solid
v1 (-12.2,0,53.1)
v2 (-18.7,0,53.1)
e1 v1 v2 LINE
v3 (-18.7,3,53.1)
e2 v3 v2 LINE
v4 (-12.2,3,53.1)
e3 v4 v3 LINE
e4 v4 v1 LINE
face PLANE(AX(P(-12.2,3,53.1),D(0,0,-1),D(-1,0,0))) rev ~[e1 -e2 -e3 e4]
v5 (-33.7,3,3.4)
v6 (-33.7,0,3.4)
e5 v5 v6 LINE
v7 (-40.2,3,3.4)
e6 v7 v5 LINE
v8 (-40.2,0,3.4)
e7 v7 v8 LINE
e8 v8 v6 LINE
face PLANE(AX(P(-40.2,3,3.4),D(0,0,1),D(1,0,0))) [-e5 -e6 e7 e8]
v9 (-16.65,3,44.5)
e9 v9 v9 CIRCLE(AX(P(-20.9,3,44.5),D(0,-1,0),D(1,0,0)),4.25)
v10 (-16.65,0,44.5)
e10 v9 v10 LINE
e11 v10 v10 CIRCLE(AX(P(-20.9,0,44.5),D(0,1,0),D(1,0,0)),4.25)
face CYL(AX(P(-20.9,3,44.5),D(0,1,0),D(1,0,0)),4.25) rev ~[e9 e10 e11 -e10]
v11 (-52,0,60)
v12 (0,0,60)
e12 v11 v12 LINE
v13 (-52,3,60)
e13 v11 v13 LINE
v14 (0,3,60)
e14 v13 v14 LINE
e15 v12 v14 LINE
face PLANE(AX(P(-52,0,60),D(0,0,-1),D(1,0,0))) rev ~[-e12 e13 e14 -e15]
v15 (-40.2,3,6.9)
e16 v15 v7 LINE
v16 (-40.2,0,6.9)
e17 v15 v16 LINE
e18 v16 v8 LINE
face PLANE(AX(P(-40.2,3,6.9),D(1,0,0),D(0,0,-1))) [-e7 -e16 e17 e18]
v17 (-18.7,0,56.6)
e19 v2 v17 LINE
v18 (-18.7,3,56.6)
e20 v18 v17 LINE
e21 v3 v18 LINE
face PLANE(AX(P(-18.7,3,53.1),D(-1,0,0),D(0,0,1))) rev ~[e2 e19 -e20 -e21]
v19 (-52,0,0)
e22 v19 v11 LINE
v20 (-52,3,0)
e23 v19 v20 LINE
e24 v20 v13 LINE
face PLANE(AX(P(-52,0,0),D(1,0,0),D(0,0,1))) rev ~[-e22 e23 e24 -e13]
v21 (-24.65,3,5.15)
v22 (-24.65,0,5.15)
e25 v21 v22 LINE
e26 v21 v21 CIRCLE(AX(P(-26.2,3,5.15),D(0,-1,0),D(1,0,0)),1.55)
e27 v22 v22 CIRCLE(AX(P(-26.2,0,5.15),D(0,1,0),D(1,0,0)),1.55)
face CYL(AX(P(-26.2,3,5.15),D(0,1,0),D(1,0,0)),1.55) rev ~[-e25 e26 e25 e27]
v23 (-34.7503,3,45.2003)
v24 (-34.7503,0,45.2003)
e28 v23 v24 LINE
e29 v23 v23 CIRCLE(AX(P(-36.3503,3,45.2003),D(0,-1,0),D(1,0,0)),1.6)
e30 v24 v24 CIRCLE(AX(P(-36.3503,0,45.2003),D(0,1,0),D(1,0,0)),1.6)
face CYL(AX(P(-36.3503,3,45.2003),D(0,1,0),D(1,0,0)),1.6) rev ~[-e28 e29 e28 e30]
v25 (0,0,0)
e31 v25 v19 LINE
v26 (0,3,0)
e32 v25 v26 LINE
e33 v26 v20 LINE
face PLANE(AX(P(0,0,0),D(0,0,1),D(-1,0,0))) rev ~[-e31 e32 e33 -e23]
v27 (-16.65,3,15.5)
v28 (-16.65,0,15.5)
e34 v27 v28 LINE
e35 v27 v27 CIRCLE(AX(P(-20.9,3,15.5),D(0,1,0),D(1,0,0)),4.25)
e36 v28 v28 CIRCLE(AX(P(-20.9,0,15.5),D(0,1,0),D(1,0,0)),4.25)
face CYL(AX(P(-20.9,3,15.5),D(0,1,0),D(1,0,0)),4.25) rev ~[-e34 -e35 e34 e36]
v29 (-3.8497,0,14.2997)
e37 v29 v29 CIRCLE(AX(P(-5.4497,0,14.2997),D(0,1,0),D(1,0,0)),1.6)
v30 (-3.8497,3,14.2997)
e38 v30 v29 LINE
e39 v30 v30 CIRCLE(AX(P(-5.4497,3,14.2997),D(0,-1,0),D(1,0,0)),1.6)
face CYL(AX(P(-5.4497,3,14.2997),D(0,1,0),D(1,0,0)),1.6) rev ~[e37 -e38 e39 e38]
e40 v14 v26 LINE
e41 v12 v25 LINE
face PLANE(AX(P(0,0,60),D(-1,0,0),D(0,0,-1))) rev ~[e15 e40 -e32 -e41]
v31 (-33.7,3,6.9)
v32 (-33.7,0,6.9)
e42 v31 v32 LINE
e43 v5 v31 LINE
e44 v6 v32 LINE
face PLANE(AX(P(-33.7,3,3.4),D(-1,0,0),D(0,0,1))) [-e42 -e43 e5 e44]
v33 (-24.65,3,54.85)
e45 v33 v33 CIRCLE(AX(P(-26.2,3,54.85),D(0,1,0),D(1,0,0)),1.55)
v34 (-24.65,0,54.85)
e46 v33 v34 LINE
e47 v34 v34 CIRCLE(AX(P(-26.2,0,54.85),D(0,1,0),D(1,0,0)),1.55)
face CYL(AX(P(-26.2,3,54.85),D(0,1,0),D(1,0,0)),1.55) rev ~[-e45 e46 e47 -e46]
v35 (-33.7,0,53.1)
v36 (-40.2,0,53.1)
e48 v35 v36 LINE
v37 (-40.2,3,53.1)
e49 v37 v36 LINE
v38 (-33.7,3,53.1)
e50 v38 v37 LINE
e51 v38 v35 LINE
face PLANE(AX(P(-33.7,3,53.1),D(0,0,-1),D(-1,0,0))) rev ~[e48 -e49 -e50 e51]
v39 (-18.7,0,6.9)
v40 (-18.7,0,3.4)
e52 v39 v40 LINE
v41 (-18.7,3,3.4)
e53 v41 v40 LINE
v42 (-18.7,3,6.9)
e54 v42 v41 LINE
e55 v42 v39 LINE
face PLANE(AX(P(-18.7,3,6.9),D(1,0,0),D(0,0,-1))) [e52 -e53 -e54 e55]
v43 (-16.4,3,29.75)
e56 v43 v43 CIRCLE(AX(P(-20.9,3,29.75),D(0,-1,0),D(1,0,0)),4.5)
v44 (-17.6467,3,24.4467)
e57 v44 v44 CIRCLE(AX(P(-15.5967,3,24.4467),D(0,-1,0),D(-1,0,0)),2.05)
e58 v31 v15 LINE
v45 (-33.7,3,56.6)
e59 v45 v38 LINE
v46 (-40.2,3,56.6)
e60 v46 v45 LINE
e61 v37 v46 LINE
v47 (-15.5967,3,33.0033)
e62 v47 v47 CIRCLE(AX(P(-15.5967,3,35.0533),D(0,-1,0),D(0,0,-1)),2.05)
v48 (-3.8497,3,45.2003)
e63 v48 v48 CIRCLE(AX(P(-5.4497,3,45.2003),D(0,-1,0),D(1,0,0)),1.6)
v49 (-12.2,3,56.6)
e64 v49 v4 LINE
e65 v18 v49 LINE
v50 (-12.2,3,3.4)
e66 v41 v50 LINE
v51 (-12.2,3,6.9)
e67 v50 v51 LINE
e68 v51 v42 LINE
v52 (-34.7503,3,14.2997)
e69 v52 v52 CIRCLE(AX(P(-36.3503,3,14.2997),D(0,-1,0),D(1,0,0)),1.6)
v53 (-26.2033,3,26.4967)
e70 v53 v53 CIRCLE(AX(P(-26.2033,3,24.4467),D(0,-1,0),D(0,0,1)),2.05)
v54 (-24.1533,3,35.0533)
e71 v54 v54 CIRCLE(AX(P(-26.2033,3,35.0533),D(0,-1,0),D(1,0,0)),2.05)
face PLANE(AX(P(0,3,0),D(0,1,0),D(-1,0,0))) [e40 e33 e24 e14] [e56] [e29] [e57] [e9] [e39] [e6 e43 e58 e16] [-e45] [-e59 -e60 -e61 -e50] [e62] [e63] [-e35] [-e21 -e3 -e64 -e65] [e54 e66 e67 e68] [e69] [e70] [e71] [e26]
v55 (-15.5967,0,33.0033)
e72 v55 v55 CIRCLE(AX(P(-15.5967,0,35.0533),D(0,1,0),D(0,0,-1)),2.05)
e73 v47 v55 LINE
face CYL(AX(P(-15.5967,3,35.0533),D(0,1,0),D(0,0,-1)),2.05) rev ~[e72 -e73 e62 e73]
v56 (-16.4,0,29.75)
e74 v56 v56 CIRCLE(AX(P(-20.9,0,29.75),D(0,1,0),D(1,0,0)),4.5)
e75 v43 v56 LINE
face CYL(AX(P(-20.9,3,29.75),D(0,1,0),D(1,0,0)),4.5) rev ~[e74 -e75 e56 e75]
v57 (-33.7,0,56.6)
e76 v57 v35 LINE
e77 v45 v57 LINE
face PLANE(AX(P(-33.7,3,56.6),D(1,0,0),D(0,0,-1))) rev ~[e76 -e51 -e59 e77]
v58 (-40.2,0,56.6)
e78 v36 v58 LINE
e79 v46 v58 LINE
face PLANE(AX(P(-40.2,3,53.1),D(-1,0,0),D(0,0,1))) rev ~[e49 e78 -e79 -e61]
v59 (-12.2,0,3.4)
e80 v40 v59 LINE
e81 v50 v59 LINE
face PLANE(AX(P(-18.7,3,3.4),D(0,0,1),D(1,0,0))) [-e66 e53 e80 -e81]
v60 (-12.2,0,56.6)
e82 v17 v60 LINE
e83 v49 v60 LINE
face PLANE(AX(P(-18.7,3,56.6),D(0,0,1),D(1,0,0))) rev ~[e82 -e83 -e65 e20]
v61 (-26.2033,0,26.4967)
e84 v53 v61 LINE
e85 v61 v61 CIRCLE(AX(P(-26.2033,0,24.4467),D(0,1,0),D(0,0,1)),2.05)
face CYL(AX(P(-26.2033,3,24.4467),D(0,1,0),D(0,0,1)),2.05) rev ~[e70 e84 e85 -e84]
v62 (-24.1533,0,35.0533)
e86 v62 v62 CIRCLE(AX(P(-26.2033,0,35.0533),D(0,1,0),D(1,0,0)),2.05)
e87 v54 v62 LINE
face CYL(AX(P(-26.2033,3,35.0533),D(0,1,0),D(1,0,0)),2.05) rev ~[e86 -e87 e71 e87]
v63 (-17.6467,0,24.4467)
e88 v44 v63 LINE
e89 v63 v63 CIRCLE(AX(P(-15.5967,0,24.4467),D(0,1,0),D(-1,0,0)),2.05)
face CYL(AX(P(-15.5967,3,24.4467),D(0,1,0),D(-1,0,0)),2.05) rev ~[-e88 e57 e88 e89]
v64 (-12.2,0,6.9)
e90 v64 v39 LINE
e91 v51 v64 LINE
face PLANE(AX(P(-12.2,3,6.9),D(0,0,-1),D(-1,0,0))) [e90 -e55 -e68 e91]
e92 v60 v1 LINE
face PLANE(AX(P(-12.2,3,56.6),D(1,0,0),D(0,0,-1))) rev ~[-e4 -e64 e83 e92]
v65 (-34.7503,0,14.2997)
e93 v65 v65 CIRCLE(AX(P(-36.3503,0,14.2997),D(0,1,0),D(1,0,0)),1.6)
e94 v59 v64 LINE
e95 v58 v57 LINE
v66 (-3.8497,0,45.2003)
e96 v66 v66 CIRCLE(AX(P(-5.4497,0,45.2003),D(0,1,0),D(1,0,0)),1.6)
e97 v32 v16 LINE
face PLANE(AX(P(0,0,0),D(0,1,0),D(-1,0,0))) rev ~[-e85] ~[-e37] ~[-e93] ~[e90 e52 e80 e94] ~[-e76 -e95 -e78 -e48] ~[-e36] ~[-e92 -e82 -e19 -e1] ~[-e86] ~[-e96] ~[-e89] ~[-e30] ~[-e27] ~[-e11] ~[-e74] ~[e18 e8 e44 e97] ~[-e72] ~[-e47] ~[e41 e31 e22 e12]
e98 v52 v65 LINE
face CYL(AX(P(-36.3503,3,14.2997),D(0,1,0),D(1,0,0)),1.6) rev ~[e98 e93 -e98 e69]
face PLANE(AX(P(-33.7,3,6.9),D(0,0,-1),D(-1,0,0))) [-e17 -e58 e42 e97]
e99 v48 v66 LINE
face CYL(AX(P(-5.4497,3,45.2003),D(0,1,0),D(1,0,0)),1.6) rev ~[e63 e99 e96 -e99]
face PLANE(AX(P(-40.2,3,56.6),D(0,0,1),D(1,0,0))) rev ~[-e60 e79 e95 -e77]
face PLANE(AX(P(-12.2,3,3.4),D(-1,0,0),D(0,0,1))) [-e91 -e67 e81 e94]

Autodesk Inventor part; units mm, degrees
ref_plane "YZ Plane" through (0, 0, 0) normal (1, 0, 0) x (0, 1, 0)
ref_plane "XZ Plane" through (0, 0, 0) normal (0, 1, 0) x (-1, 0, 0)
ref_plane "XY Plane" through (0, 0, 0) normal (0, 0, 1) x (1, 0, 0)
sketch "Sketch1" plane through (0, 0, 0) normal (0, 1, 0) x (-1, 0, 0)
  line L0 (0, 0) -> (52, 0)
  line L1 (52, 0) -> (52, 60)
  line L2 (52, 60) -> (0, 60)
  line L3 (0, 60) -> (0, 0)
  dimension "d0" = 52
  dimension "d1" = 60
extrude "Extrusion1" add sketch "Sketch1" along normal blind 3
sketch "Sketch2" plane through (0, 3, 0) normal (0, 1, 0) x (1, 0, 0)
  line L0 (-52, 0) -> (-52, -60) projected
  line L1 (-52, 0) -> (-40.2, 0)
  line L2 (-40.2, 0) -> (-40.2, -3.4)
  line L3 (-40.2, -3.4) -> (-52, -3.4)
  line L4 (-52, -3.4) -> (-52, 0)
  line L5 (-40.2, -3.4) -> (-33.7, -3.4)
  line L6 (-33.7, -3.4) -> (-33.7, -6.9)
  line L7 (-33.7, -6.9) -> (-40.2, -6.9)
  line L8 (-40.2, -6.9) -> (-40.2, -3.4)
  line L9 (-33.7, -3.4) -> (-18.7, -3.4)
  line L10 (-18.7, -3.4) -> (-12.2, -3.4)
  line L11 (-12.2, -3.4) -> (-12.2, -6.9)
  line L12 (-12.2, -6.9) -> (-18.7, -6.9)
  line L13 (-18.7, -6.9) -> (-18.7, -3.4)
  line L14 (-52, -30) -> (0, -30)
  line L15 (0, -60) -> (0, 0) projected
  line L16 (-40.2, -56.6) -> (-33.7, -56.6)
  line L17 (-33.7, -56.6) -> (-33.7, -53.1)
  line L18 (-33.7, -53.1) -> (-40.2, -53.1)
  line L19 (-40.2, -53.1) -> (-40.2, -56.6)
  line L20 (-18.7, -56.6) -> (-12.2, -56.6)
  line L21 (-12.2, -56.6) -> (-12.2, -53.1)
  line L22 (-12.2, -53.1) -> (-18.7, -53.1)
  line L23 (-18.7, -53.1) -> (-18.7, -56.6)
  dimension "d4" = 11.8
  dimension "d5" = 3.4
  dimension "d6" = 6.5
  dimension "d7" = 3.5
  dimension "d8" = 15
  dimension "d9" = 6.5
  dimension "d10" = 3.5
extrude "Extrusion2" cut sketch "Sketch2" against normal blind 3 contours L10 L11 L12 L13 | L5 L6 L7 L8 | L19 L18 L17 L16 | L23 L22 L21 L20
sketch "Sketch3" plane through (0, 3, 0) normal (0, 1, 0) x (1, 0, 0)
  line L0 (-52, -60) -> (0, -60) projected
  line L1 (-52, -60) -> (-20.9, -60)
  line L2 (-20.9, -60) -> (-20.9, -44.5)
  line L3 (-20.9, -44.5) -> (-52, -44.5)
  line L4 (-52, -44.5) -> (-52, -60)
  circle A0 centre (-20.9, -44.5) radius 4.25
  line L5 (-52, 0) -> (-52, -60) projected
  line L6 (-52, -30) -> (0, -30)
  line L7 (0, -60) -> (0, 0) projected
  circle A1 centre (-20.9, -15.5) radius 4.25
  dimension "d13" = 31.1
  dimension "d14" = 15.5
  dimension "d15" = 8.5
extrude "Extrusion3" cut sketch "Sketch3" against normal blind 3 contours A0 L3 L2 | L2 L3 A0 | A1
sketch "Sketch4" plane through (0, 3, 0) normal (0, 1, 0) x (1, 0, 0)
  circle A0 centre (-20.9, -44.5) radius 4.25 projected
  line L0 (-20.9, -40.25) -> (-20.9, -29.75)
  circle A1 centre (-20.9, -29.75) radius 4.5
  point P0 (0, 0)
  dimension "d18" = 10.5
  dimension "d19" = 9
extrude "Extrusion4" cut sketch "Sketch4" against normal blind 3 contours A1
sketch "Sketch5" plane through (0, 3, 0) normal (0, 1, 0) x (1, 0, 0)
  circle A0 centre (-20.9, -29.75) radius 4.5 projected
  line L0 (-20.9, -29.75) -> (-26.2033, -35.0533)
  line L1 (-20.9, -29.75) -> (-13.4, -29.75) construction
  circle A1 centre (-26.2033, -35.0533) radius 2.05
  point P0 (0, 0)
  dimension "d22" = 7.5
  dimension "d23" = 135
  dimension "d24" = 4.1
extrude "Extrusion5" cut sketch "Sketch5" against normal blind 3 contours A1
pattern_circular "Circular Pattern1" count 4 over 360 about axis through (-20.9, 3, 29.75) along (0, -1, 0) of "Extrusion5"
sketch "Sketch6" plane through (0, 3, 0) normal (0, 1, 0) x (1, 0, 0)
  circle A0 centre (-20.9, -29.75) radius 4.5 projected
  line L0 (-20.9, -29.75) -> (-5.4497, -45.2003)
  line L1 (-20.9, -29.75) -> (0.95, -29.75) construction
  circle A1 centre (-5.4497, -45.2003) radius 1.6
  line L2 (-20.9, -29.75) -> (-5.4497, -14.2997)
  line L3 (-20.9, -29.75) -> (-36.3503, -45.2003)
  line L4 (-20.9, -29.75) -> (-36.3503, -14.2997)
  circle A2 centre (-36.3503, -45.2003) radius 1.6
  circle A3 centre (-36.3503, -14.2997) radius 1.6
  circle A4 centre (-5.4497, -14.2997) radius 1.6
  point P0 (0, 0)
  dimension "d30" = 21.85
  dimension "d31" = 45
  dimension "d32" = 3.2
  dimension "d35" = 21.85
  dimension "d36" = 21.85
  dimension "d37" = 21.85
  dimension "d38" = 3.2
  dimension "d39" = 3.2
  dimension "d40" = 3.2
extrude "Extrusion6" cut sketch "Sketch6" against normal blind 3.2 contours A1 | A2 | A3 | A4
sketch "Sketch7" plane through (0, 3, 0) normal (0, 1, 0) x (1, 0, 0)
  line L0 (-33.7, -6.9) -> (-33.7, -3.4) projected
  line L1 (-33.7, -5.15) -> (-26.2, -5.15)
  line L2 (-52, 0) -> (-52, -60) projected
  line L3 (-52, -30) -> (-2, -30)
  circle A0 centre (-26.2, -5.15) radius 1.55
  circle A1 centre (-26.2, -54.85) radius 1.55
  point P0 (0, 0)
  dimension "d41" = 7.5
  dimension "d42" = 50
  dimension "d43" = 3.1
extrude "Extrusion7" cut sketch "Sketch7" against normal blind 3.1
equation "\"d33\" = d39"
equation "\"d44\" = d43"
properties part number "pumpeplade"
